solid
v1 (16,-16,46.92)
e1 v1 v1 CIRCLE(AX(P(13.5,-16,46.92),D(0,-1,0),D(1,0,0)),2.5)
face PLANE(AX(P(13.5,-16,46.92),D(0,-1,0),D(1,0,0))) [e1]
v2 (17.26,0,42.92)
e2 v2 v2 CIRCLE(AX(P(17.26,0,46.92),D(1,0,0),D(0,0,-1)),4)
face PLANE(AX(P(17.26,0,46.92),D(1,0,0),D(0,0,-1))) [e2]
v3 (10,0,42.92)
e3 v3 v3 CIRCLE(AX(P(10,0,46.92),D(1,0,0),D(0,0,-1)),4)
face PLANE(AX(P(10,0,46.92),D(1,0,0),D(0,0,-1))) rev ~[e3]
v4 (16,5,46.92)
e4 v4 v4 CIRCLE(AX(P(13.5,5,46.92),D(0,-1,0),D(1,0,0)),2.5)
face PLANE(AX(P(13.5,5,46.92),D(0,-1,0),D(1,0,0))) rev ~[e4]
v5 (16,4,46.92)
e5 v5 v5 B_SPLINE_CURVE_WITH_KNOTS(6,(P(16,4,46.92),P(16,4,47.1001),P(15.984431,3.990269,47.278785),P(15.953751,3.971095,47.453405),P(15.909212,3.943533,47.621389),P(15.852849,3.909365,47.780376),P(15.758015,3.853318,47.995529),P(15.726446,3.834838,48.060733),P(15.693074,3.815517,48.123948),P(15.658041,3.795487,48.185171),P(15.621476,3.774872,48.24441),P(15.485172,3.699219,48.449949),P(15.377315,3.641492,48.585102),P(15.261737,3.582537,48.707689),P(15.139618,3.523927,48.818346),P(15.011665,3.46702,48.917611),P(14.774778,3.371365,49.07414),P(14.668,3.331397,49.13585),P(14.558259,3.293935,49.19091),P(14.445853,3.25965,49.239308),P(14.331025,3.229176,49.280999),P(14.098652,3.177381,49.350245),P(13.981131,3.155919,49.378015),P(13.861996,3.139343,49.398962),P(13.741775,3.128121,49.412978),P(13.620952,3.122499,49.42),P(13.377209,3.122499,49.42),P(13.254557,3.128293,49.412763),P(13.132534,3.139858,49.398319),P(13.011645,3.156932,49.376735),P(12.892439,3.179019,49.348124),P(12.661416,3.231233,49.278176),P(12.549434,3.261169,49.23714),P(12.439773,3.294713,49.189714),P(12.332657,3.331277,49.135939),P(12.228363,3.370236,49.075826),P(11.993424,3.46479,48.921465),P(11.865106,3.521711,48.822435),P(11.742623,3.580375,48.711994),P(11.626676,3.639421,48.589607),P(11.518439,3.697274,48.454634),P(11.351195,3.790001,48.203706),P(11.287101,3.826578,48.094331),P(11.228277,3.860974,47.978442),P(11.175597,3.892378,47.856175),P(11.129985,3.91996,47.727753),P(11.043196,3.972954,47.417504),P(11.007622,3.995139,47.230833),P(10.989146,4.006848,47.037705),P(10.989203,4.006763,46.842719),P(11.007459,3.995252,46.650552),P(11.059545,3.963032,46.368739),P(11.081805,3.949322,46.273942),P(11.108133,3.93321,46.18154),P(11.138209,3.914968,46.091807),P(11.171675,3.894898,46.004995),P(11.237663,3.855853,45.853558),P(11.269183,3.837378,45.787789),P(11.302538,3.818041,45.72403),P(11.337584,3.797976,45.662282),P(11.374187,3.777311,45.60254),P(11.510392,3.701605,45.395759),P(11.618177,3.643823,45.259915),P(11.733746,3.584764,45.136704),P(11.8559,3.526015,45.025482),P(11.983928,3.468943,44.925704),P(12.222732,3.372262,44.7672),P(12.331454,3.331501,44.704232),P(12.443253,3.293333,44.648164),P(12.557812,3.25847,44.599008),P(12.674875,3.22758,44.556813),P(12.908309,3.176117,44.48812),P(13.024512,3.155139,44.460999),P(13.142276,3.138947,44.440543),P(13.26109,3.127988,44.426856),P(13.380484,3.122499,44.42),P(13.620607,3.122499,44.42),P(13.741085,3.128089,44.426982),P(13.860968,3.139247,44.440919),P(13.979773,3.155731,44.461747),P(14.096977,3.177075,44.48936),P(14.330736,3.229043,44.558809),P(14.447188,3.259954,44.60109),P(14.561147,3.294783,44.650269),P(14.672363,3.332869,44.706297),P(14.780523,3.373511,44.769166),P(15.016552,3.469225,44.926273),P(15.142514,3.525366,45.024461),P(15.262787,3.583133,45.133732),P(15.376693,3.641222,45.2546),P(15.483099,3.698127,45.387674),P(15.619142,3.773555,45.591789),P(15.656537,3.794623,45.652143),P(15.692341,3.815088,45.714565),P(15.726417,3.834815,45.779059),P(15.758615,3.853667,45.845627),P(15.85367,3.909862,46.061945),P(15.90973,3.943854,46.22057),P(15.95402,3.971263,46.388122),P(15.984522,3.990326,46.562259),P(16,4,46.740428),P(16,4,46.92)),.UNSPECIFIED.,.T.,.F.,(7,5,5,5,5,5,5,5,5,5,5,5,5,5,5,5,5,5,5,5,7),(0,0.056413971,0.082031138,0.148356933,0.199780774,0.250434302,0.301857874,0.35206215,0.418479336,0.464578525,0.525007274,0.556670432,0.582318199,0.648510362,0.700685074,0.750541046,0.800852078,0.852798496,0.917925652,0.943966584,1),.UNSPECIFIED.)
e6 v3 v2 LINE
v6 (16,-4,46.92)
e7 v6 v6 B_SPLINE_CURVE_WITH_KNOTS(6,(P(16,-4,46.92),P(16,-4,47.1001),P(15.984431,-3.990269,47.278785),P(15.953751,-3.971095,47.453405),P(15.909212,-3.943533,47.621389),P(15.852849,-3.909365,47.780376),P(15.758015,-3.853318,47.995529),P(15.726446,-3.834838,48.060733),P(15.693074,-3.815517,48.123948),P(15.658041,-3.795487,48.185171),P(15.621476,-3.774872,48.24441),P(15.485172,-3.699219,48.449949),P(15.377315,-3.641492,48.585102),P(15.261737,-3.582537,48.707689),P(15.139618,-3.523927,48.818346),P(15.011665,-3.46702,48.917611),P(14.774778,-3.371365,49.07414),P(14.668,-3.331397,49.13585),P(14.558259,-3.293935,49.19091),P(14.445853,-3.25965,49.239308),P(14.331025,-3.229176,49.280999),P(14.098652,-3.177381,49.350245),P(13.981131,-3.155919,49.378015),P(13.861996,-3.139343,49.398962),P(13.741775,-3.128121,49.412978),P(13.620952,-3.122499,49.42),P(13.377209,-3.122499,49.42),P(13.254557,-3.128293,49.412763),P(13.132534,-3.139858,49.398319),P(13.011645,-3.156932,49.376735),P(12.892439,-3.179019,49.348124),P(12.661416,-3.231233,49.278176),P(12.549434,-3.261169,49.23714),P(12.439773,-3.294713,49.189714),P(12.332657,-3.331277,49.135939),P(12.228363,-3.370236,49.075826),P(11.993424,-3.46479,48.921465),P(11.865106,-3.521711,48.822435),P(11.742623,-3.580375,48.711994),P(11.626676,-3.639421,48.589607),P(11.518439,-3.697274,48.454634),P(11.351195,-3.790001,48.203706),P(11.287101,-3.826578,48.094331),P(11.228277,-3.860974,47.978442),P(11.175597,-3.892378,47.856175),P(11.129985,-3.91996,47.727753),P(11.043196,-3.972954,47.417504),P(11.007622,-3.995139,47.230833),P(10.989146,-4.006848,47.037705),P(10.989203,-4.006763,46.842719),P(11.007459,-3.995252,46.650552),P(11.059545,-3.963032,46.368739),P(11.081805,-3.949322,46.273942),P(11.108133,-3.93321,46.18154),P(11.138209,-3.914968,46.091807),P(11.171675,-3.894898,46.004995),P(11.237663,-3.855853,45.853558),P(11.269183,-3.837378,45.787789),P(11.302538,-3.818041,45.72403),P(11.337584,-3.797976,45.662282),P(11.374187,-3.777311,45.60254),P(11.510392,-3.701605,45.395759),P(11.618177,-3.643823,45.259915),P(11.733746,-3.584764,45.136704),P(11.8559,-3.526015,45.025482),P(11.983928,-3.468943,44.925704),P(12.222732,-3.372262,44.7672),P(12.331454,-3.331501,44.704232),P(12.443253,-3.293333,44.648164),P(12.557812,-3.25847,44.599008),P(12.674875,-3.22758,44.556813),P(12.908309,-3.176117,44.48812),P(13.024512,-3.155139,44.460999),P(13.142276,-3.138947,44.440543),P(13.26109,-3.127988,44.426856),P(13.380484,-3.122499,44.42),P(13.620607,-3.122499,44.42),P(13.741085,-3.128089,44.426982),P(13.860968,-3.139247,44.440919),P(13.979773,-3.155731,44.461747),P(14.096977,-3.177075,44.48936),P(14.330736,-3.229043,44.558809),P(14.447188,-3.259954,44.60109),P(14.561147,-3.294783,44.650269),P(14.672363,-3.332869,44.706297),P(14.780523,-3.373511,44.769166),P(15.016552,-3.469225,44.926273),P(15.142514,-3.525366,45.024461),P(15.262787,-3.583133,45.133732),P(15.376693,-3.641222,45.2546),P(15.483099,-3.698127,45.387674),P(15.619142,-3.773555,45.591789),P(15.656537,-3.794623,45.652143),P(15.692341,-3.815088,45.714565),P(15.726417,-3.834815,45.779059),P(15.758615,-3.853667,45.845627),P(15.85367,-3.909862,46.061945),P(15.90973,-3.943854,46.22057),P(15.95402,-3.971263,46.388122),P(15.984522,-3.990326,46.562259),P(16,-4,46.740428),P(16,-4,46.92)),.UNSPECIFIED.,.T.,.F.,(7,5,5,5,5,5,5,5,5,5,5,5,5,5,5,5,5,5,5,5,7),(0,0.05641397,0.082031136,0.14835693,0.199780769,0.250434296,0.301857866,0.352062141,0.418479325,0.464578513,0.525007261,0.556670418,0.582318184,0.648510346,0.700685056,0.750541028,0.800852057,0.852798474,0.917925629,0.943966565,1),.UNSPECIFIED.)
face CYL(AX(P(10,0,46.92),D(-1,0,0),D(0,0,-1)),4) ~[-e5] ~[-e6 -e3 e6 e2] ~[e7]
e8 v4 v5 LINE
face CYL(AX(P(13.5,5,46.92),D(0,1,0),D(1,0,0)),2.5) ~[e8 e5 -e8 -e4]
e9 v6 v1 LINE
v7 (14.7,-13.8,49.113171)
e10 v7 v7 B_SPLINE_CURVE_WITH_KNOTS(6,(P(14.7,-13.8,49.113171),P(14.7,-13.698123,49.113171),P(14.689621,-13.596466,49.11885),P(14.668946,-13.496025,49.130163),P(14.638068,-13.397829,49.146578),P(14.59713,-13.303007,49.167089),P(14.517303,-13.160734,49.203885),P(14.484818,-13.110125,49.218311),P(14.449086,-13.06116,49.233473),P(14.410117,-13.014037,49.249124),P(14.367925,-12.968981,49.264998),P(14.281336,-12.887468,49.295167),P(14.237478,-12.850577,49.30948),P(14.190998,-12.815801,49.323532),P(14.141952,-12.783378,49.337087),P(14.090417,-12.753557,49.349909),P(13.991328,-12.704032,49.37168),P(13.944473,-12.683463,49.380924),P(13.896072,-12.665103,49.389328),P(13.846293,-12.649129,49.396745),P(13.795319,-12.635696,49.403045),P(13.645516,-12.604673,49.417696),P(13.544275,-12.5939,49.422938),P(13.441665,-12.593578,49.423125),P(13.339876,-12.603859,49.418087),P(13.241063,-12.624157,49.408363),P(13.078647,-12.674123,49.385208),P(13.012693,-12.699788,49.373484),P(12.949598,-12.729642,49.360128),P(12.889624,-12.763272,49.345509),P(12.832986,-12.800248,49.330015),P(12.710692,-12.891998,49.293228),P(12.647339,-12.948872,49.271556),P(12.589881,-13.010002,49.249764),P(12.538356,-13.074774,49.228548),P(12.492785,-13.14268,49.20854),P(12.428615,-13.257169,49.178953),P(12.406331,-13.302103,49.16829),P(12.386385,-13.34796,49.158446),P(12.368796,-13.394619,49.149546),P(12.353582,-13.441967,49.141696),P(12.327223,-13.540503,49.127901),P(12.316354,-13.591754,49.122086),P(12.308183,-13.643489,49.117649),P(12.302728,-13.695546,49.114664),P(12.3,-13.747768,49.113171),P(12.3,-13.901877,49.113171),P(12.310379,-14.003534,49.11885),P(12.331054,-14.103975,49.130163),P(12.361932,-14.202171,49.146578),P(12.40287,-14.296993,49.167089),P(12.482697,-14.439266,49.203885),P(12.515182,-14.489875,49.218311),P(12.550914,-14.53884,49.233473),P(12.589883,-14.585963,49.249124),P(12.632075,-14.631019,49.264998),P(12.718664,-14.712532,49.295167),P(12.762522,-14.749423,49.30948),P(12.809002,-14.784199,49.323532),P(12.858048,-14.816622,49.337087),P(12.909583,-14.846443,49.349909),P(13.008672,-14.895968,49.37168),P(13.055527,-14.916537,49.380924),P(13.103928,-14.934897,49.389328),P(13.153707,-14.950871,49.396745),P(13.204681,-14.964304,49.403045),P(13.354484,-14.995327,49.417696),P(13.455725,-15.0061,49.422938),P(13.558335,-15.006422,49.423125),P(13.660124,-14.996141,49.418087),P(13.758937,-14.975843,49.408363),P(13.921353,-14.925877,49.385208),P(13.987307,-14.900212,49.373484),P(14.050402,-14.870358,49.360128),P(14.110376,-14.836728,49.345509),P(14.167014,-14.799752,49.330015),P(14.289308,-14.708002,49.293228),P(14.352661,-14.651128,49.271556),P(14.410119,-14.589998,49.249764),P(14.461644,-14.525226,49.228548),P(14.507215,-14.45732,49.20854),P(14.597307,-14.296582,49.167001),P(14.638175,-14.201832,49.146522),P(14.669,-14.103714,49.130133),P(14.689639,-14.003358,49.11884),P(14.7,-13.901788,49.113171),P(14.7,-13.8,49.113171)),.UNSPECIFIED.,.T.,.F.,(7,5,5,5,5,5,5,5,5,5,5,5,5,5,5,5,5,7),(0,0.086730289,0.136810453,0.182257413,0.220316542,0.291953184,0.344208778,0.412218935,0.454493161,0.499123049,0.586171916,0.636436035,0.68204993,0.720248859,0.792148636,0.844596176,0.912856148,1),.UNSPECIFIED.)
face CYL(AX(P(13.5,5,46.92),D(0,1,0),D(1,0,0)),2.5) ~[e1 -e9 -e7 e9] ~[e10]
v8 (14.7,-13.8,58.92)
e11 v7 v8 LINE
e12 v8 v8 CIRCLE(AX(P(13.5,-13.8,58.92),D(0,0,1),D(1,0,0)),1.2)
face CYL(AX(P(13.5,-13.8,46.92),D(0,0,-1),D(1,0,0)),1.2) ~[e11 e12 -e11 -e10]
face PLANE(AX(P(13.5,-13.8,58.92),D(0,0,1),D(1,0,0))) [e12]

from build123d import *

# Parameters (mm, degrees)
CYLINDER009_R     = 2.5
CYLINDER009_DEPTH = 21
CYLINDER008_R     = 1.2
CYLINDER008_DEPTH = 12
CYLINDER007_R     = 4
CYLINDER007_DEPTH = 7.26


with BuildPart() as cylinder009:
    # Cylinder009 → Cylinder009 (new body)
    with BuildSketch(Plane(origin=(3.5, 5, 0), x_dir=(1, 0, 0), z_dir=(0, -1, 0))):
        Circle(CYLINDER009_R)
    extrude(amount=CYLINDER009_DEPTH)


with BuildPart() as cylinder008:
    # Cylinder008 → Cylinder008 (new body)
    with BuildSketch(Plane(origin=(3.5, -13.8, 0), x_dir=(1, 0, 0), z_dir=(0, 0, 1))):
        Circle(CYLINDER008_R)
    extrude(amount=CYLINDER008_DEPTH)


with BuildPart() as valve002:
    # Cylinder007 → Cylinder007 (new body)
    with BuildSketch(Plane(origin=(0, 0, 0), x_dir=(0, 0, -1), z_dir=(1, 0, 0))):
        Circle(CYLINDER007_R)
    extrude(amount=CYLINDER007_DEPTH)

    # Fusion002: union Cylinder009, Cylinder008
    add(cylinder009.part)
    add(cylinder008.part)


with BuildPart() as valve002_1:
    # Fusion002 placement: moved
    add(valve002.part.moved(Location((10, 0, 46.92))))


solid = valve002_1.part
